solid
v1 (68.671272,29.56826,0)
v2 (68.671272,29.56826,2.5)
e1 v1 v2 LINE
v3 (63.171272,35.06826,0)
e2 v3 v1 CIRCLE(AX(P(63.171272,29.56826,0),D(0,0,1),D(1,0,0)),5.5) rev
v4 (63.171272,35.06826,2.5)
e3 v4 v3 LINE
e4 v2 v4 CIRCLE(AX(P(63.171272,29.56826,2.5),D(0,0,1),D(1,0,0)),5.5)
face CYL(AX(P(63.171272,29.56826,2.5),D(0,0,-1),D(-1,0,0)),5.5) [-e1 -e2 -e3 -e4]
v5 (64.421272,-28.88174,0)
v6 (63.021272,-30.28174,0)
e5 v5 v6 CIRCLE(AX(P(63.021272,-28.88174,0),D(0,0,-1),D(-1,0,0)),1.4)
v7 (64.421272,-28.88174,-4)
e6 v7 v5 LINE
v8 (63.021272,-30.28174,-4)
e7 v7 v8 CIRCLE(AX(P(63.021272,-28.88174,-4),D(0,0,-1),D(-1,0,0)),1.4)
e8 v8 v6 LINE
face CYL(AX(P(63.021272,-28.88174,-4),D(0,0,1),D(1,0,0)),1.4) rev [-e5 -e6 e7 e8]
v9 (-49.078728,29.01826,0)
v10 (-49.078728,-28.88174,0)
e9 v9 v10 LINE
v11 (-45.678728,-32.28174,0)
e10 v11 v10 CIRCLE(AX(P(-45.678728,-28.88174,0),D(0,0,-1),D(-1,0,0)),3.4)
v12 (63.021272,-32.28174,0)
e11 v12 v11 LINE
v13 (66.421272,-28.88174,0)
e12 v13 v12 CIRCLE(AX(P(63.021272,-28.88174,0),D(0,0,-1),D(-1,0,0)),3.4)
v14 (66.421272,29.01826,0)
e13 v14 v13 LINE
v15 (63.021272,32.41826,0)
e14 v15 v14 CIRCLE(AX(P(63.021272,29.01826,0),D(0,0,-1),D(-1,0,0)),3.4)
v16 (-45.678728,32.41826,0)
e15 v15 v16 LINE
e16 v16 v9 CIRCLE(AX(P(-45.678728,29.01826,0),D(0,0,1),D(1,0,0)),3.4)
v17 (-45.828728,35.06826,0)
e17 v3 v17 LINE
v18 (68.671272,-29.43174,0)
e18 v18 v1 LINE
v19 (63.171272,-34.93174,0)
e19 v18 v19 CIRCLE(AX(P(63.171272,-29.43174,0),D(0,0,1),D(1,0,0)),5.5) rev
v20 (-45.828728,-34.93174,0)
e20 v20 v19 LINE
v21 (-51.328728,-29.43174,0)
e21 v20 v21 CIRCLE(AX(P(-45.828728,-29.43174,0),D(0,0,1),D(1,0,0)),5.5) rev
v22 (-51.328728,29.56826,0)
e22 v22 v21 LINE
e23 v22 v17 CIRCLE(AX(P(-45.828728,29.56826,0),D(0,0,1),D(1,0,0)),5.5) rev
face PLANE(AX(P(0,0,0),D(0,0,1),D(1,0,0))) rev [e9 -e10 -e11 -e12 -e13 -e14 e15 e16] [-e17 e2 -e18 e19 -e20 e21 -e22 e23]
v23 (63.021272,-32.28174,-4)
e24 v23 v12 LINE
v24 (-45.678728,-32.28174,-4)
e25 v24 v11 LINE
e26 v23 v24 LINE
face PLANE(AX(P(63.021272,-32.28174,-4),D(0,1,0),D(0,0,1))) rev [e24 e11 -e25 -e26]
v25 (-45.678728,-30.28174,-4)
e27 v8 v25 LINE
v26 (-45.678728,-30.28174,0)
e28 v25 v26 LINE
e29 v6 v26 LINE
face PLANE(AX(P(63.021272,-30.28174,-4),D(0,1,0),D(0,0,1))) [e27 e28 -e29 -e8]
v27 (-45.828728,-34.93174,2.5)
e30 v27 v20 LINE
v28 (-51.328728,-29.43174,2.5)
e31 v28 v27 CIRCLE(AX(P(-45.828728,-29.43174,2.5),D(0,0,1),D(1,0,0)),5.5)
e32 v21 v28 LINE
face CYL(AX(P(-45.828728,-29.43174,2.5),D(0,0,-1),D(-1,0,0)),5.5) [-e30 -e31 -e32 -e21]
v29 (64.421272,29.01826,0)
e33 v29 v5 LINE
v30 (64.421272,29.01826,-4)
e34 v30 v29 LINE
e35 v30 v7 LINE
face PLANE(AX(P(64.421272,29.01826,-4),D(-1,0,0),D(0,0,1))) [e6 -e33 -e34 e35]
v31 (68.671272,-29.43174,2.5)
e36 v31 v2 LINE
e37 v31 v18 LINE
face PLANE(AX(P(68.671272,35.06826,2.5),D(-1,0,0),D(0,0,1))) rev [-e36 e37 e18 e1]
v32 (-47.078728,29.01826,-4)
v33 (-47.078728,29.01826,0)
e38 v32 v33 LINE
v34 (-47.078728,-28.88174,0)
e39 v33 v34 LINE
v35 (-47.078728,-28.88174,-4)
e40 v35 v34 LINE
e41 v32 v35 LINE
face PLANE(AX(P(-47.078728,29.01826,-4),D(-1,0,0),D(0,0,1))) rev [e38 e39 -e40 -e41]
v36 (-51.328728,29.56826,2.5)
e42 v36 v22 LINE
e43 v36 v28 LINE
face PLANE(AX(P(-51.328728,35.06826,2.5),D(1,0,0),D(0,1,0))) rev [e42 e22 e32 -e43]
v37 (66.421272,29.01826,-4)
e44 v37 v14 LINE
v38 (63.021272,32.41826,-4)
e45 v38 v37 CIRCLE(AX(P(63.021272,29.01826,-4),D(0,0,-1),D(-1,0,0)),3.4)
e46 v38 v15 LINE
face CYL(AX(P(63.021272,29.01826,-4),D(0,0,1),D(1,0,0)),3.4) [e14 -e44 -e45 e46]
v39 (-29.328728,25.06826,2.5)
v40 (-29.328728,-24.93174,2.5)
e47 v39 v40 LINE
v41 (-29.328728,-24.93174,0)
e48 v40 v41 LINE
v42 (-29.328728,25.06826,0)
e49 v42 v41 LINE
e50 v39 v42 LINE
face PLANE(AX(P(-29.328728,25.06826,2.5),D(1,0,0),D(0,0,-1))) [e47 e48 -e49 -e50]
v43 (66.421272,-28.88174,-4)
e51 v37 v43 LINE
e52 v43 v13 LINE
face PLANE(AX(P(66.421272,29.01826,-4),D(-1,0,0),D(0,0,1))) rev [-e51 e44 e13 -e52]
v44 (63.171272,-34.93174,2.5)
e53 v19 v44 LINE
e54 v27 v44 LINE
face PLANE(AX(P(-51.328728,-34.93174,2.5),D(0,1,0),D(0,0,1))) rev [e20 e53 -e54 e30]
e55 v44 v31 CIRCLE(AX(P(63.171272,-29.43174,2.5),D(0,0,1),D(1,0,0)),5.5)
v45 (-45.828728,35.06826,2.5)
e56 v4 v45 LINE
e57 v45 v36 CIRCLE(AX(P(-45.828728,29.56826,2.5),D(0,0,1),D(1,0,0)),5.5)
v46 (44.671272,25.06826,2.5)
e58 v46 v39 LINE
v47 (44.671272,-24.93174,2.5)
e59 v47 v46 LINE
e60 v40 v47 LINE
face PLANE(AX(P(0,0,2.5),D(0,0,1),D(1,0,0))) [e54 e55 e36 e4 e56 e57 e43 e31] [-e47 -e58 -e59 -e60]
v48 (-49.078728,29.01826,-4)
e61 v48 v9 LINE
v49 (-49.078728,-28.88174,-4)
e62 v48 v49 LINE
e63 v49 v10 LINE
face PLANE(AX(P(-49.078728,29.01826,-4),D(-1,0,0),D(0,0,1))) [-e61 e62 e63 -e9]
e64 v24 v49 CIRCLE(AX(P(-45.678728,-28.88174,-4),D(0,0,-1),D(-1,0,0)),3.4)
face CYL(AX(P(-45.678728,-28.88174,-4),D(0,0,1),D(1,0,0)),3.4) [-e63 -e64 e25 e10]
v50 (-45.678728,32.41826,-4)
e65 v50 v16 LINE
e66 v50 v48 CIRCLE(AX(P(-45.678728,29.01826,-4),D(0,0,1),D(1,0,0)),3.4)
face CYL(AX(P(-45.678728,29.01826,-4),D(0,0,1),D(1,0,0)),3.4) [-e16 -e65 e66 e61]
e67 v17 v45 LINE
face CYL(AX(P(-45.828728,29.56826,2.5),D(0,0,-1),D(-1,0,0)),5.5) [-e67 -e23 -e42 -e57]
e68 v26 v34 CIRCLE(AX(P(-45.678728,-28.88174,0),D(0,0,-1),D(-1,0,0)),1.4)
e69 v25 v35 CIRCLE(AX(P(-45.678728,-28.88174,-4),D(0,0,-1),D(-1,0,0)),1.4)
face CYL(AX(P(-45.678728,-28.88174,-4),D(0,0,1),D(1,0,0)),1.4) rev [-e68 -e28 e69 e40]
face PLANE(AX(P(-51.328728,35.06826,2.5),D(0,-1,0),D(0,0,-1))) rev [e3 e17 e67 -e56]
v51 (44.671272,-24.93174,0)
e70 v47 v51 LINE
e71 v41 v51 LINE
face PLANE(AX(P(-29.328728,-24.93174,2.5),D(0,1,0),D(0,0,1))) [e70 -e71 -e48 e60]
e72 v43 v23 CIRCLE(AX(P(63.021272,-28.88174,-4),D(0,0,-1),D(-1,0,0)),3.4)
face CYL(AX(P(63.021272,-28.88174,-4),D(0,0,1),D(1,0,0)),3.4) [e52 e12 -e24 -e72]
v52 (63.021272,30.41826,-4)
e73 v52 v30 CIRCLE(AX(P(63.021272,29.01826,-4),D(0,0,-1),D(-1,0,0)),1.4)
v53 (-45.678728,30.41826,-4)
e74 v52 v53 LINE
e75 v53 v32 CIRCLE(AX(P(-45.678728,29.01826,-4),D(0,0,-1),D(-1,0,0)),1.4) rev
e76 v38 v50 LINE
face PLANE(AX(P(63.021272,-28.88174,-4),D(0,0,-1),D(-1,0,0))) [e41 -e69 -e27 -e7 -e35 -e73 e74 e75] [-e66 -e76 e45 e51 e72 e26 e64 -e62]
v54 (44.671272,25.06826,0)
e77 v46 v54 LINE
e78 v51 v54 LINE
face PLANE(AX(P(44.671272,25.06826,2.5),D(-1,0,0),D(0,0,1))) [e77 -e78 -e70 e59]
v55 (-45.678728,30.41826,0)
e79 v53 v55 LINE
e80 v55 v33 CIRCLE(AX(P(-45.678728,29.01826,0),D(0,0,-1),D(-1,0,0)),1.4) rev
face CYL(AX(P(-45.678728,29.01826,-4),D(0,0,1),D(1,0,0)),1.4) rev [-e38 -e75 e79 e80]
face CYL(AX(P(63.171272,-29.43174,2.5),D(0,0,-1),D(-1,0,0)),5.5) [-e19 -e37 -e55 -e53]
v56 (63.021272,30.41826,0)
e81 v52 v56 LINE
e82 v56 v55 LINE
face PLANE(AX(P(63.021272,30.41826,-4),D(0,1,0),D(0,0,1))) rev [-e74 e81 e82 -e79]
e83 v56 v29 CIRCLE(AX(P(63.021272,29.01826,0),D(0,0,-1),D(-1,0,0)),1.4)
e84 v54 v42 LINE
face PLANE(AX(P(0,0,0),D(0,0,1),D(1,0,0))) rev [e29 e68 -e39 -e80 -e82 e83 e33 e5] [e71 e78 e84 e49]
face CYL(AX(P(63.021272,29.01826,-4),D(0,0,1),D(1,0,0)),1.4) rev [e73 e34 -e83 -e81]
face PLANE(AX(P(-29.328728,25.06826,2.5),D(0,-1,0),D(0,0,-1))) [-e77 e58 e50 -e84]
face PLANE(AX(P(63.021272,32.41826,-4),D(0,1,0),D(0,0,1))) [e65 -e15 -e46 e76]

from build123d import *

# Parameters (mm, degrees)
SKETCH_1_W        = 120
SKETCH_1_H        = 70
SKETCH_1_W_2      = 74
SKETCH_1_H_2      = 50
EXTRUDE_1_DEPTH   = 2.5
FILLET_1_R        = 5.5
EXTRUDE_1_2_DEPTH = 4


with BuildPart() as part:
    # 草图1 → Extrude 1 (new body)
    with BuildSketch(Plane.XY):
        with Locations((8.671272412, 0.068259877)):
            Rectangle(SKETCH_1_W, SKETCH_1_H)
        with Locations((7.671272412, 0.068259877)):
            Rectangle(SKETCH_1_W_2, SKETCH_1_H_2, mode=Mode.SUBTRACT)
    extrude(amount=EXTRUDE_1_DEPTH)

    # 圆角1
    fillet_1_edges = [part.edges().sort_by_distance(p)[0] for p in [
        (-51.328727588, 35.068259877, 1.25),
        (68.671272412, 35.068259877, 1.25),
        (68.671272412, -34.931740123, 1.25),
        (-51.328727588, -34.931740123, 1.25),
    ]]
    fillet(fillet_1_edges, radius=FILLET_1_R)

    # 草图2 → Extrude 1 2 (add)
    with BuildSketch(Plane(origin=(0, 0, 0), x_dir=(-1, 0, 0), z_dir=(0, 0, -1))):
        with BuildLine():
            Line((-63.021272412, 32.418259877), (45.678727588, 32.418259877))
            ThreePointArc((45.678727588, 32.418259877), (48.082890644, 31.422422933), (49.078727588, 29.018259877))
            Line((49.078727588, 29.018259877), (49.078727588, -28.881740123))
            ThreePointArc((49.078727588, -28.881740123), (48.082890644, -31.285903179), (45.678727588, -32.281740123))
            Line((45.678727588, -32.281740123), (-63.021272412, -32.281740123))
            ThreePointArc((-63.021272412, -32.281740123), (-65.425435468, -31.285903179), (-66.421272412, -28.881740123))
            Line((-66.421272412, -28.881740123), (-66.421272412, 29.018259877))
            ThreePointArc((-66.421272412, 29.018259877), (-65.425435468, 31.422422933), (-63.021272412, 32.418259877))
        make_face()
        with BuildLine():
            Line((-63.021272412, 30.418259877), (45.678727588, 30.418259877))
            ThreePointArc((45.678727588, 30.418259877), (46.668677082, 30.008209371), (47.078727588, 29.018259877))
            Line((47.078727588, 29.018259877), (47.078727588, -28.881740123))
            ThreePointArc((47.078727588, -28.881740123), (46.668677082, -29.871689616), (45.678727588, -30.281740123))
            Line((45.678727588, -30.281740123), (-63.021272412, -30.281740123))
            ThreePointArc((-63.021272412, -30.281740123), (-64.011221906, -29.871689616), (-64.421272412, -28.881740123))
            Line((-64.421272412, -28.881740123), (-64.421272412, 29.018259877))
            ThreePointArc((-64.421272412, 29.018259877), (-64.011221906, 30.008209371), (-63.021272412, 30.418259877))
        make_face(mode=Mode.SUBTRACT)
    extrude(amount=EXTRUDE_1_2_DEPTH)


solid = part.part
